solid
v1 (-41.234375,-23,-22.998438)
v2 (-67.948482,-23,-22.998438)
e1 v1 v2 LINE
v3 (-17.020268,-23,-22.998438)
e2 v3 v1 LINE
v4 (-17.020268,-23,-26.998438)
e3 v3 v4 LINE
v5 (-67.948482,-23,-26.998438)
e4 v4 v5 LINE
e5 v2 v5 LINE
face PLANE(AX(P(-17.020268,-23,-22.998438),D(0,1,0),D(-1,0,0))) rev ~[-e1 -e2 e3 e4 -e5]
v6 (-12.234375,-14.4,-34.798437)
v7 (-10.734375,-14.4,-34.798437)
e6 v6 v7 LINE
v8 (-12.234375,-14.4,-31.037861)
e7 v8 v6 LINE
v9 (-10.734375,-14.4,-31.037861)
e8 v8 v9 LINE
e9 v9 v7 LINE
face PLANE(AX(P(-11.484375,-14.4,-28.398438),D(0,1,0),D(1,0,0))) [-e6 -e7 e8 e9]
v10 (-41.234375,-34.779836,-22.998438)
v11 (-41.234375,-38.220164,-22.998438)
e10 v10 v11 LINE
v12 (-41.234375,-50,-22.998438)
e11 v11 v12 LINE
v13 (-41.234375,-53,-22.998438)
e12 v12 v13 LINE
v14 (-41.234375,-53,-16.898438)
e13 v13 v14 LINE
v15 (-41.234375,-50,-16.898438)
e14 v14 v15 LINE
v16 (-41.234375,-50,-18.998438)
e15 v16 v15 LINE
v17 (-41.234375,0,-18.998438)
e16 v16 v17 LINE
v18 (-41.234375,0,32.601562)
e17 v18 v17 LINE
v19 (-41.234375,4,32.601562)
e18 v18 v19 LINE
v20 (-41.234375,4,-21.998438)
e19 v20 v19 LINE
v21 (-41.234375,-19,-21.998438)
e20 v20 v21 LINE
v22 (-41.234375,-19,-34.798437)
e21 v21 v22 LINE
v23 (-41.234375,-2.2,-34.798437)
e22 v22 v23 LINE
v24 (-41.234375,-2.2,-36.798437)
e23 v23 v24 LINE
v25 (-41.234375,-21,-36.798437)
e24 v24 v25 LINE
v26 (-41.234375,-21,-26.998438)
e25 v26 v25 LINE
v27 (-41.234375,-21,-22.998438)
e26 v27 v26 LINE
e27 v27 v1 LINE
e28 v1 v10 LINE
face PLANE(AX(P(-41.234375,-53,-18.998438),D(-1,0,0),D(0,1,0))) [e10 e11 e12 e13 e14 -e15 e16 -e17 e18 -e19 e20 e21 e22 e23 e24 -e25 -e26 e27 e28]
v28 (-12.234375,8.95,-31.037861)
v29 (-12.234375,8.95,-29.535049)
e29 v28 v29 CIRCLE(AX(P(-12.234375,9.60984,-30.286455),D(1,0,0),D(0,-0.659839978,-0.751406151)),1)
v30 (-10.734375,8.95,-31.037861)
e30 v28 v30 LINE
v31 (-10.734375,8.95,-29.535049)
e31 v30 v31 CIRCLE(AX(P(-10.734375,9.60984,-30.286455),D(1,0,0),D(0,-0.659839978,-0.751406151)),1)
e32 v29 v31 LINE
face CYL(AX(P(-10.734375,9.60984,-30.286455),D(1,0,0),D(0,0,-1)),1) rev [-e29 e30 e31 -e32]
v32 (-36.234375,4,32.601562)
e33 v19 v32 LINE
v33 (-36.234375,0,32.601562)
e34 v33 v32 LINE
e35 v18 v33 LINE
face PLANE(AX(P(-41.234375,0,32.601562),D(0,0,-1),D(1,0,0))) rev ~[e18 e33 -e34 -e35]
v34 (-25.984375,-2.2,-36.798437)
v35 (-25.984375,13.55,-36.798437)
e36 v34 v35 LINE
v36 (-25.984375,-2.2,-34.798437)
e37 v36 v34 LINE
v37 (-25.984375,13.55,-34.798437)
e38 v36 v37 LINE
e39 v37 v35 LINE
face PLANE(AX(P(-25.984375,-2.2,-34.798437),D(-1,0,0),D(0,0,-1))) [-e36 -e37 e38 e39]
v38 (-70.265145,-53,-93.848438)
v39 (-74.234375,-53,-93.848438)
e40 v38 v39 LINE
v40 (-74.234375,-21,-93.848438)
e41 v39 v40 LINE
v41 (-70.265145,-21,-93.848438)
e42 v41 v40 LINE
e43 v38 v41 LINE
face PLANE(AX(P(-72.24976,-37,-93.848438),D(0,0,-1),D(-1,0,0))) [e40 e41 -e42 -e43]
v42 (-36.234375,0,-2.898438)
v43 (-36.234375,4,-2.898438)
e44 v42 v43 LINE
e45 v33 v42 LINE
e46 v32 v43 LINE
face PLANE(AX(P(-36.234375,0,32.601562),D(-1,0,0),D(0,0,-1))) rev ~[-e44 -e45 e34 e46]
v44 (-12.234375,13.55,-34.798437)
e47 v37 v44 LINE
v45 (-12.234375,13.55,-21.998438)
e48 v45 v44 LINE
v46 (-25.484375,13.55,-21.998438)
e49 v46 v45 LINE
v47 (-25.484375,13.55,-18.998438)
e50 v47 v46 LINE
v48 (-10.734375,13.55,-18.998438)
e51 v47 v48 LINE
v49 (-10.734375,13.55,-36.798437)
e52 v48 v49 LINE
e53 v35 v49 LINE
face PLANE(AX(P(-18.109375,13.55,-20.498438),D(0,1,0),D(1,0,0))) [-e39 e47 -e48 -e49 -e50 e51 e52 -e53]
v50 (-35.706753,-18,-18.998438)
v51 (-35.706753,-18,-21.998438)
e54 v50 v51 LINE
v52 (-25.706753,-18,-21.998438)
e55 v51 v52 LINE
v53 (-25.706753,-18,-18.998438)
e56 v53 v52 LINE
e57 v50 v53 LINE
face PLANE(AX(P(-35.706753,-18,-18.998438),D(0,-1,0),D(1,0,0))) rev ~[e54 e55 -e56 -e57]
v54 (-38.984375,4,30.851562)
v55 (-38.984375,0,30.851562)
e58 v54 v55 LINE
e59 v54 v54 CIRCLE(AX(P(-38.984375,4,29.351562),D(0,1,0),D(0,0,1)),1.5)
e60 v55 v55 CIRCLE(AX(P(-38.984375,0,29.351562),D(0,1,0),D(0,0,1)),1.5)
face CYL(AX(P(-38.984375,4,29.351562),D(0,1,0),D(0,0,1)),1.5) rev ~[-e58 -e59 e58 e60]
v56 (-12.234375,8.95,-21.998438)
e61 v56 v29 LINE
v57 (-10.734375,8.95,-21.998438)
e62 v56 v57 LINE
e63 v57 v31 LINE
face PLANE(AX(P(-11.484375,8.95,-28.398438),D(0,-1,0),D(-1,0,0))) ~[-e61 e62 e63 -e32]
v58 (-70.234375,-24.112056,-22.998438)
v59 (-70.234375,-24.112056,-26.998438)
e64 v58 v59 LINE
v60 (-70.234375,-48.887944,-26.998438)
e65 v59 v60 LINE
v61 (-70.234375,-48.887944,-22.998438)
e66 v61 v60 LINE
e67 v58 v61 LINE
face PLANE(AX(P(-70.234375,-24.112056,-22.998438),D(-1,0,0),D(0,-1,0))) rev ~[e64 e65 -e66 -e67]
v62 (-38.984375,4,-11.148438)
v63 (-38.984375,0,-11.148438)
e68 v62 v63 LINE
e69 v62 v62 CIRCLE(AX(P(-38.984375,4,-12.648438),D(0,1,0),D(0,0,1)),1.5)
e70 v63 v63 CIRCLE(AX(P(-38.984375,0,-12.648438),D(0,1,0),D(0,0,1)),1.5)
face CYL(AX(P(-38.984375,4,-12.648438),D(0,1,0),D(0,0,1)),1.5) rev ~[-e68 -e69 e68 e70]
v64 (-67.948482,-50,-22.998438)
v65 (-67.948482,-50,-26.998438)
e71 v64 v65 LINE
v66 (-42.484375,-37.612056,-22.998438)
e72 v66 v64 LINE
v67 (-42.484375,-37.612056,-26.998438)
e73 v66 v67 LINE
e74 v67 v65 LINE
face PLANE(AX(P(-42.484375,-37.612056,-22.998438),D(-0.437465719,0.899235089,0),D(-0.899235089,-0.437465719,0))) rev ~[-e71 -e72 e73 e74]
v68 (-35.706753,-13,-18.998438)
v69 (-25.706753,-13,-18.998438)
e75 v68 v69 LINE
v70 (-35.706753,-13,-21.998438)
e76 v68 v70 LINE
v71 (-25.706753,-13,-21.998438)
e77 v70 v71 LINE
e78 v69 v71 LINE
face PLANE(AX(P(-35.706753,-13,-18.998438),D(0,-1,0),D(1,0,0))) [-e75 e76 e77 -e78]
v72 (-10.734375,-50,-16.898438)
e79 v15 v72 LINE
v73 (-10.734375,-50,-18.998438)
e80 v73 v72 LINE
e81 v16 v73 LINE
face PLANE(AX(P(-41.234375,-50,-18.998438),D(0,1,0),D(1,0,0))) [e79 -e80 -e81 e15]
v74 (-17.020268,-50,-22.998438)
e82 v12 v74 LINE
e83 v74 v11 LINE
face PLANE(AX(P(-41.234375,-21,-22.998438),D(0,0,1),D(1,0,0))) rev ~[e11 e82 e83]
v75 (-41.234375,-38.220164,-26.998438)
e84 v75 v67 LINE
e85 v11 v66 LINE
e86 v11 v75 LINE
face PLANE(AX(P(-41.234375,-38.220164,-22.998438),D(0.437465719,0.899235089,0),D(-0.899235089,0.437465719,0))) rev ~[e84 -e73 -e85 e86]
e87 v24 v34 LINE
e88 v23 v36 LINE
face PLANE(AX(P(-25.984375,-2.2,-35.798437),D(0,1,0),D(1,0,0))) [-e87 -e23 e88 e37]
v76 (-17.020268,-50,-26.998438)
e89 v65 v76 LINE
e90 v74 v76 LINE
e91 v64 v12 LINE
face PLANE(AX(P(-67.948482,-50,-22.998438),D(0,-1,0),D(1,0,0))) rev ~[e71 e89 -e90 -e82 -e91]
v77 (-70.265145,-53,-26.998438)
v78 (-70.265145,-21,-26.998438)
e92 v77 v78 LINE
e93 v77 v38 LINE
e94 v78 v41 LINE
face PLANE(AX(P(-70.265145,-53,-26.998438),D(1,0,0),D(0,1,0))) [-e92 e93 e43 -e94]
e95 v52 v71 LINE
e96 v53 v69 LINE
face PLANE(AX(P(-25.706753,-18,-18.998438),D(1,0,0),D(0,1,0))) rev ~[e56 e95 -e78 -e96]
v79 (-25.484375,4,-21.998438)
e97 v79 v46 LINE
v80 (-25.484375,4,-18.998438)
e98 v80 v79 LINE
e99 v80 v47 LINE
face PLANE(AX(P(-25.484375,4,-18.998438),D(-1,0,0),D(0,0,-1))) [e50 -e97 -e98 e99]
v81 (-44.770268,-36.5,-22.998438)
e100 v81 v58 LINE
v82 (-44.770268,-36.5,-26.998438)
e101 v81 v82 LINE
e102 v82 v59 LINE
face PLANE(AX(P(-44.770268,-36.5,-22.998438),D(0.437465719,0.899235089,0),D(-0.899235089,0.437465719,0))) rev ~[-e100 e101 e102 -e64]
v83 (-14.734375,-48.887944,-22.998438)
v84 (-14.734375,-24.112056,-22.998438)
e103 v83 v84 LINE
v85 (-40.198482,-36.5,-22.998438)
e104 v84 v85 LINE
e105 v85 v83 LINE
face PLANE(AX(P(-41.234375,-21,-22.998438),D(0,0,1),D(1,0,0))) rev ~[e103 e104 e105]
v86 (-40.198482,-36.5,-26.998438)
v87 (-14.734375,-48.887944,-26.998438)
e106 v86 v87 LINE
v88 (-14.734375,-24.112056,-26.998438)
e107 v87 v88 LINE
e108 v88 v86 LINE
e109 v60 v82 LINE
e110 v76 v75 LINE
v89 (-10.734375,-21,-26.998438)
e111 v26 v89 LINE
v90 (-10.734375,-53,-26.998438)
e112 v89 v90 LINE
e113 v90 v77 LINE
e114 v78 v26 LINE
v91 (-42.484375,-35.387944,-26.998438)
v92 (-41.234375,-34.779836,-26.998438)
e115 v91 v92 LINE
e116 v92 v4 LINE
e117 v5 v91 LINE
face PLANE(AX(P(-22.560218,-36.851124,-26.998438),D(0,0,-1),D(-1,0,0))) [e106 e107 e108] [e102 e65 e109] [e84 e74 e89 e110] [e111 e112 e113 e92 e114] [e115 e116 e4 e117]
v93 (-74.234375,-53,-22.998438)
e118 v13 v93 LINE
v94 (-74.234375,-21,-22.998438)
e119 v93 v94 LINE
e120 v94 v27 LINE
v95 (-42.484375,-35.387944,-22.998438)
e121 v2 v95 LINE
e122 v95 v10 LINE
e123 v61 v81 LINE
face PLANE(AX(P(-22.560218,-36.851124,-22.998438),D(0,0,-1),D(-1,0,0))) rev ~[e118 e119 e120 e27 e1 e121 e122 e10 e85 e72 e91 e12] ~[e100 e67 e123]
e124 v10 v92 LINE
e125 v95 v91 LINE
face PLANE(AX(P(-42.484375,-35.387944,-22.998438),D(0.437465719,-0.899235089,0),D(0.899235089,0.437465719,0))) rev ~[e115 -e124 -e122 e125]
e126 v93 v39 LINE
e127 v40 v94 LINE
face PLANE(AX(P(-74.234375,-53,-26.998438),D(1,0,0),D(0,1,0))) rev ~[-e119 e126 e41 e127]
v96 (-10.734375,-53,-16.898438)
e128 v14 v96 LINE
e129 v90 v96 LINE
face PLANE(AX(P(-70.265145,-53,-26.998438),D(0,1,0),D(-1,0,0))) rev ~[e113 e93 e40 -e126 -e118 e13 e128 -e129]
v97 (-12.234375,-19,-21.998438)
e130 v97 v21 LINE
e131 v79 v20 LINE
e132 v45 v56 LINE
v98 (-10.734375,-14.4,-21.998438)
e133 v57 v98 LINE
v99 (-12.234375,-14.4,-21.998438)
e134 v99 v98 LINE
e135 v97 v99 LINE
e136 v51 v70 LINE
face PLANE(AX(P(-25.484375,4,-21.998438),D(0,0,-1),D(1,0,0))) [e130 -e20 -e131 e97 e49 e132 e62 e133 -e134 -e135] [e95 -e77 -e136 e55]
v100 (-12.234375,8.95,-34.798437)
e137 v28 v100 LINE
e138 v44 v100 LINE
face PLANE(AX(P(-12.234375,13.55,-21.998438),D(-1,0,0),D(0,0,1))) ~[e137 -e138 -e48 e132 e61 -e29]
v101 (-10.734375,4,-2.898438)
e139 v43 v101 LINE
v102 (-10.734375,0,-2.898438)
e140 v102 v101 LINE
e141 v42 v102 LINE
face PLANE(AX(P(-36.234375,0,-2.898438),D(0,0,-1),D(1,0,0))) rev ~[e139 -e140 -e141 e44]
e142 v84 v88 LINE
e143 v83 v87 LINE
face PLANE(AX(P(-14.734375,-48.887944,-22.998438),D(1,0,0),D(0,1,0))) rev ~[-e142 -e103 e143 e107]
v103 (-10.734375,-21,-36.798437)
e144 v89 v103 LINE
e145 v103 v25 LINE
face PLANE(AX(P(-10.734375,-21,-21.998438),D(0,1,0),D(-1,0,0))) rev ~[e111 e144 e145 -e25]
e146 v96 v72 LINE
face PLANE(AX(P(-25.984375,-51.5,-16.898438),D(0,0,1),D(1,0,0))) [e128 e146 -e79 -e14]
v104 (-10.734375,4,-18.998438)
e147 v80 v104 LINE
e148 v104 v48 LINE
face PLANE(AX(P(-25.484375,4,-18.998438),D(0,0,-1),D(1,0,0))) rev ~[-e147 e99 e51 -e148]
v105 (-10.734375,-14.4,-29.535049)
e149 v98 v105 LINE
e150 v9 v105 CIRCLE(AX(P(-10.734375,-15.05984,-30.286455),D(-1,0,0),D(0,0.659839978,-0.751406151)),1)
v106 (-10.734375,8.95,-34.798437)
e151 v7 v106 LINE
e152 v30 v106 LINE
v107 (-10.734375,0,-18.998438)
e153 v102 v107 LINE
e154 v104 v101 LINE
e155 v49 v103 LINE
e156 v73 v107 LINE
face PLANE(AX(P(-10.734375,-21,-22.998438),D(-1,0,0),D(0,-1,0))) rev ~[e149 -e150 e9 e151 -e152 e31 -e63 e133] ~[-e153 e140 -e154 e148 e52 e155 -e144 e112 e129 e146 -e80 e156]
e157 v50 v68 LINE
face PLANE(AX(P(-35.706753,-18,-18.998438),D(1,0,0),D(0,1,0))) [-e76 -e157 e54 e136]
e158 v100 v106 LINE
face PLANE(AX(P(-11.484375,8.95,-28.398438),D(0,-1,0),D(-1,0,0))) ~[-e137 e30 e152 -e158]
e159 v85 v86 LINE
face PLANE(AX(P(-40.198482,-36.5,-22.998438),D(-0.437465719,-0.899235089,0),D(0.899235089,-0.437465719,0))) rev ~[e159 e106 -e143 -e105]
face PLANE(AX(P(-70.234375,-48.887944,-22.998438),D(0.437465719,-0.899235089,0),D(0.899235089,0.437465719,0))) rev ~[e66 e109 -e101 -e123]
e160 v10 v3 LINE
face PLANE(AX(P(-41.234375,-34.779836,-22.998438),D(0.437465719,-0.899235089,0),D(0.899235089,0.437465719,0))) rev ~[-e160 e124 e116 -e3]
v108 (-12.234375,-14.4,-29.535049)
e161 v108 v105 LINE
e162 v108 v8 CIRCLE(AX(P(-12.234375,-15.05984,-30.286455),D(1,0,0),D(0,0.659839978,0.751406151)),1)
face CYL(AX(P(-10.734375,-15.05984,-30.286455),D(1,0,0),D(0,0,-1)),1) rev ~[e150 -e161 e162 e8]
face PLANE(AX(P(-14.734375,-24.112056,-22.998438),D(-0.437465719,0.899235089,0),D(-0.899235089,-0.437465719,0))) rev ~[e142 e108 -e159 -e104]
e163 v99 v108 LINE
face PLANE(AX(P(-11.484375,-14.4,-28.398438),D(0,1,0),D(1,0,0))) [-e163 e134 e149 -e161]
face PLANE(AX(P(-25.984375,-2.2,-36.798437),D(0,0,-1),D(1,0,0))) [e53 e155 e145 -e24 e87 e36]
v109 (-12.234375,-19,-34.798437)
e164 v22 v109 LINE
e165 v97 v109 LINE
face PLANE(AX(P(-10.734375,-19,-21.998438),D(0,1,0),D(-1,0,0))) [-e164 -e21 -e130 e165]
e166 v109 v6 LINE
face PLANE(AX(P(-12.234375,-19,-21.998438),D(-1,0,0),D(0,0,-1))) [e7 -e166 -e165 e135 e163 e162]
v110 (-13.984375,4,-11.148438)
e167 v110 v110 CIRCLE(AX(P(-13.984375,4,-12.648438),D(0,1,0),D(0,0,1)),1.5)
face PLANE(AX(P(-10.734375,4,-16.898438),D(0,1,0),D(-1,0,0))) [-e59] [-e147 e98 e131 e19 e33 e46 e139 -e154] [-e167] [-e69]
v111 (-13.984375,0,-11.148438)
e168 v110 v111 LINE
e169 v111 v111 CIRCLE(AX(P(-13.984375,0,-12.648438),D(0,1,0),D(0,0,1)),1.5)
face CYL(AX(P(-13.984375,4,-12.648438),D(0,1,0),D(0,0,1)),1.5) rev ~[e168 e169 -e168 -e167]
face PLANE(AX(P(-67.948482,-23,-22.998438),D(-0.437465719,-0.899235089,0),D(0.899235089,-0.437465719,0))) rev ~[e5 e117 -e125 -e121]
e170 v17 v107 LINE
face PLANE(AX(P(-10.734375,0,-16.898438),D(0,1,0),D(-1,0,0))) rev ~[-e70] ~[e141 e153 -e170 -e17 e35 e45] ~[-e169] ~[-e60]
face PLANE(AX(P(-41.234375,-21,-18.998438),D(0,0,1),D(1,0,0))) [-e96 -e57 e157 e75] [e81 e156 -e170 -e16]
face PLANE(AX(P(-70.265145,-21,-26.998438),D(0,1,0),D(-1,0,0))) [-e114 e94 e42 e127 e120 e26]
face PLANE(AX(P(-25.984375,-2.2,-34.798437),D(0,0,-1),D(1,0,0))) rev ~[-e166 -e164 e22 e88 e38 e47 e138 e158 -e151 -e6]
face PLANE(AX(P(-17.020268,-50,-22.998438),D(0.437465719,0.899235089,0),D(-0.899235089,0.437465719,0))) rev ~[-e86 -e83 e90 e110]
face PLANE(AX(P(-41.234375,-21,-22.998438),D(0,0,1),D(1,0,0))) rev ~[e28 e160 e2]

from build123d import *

# Parameters (mm, degrees)
SKETCH1_W            = 25.5
SKETCH1_H            = 14
BOSS_EXTRUDE1_DEPTH  = 4
SKETCH2_R            = 1.5
CUT_EXTRUDE1_DEPTH   = 53.71750714
SKETCH3_W            = 30.5
SKETCH3_H            = 4
BOSS_EXTRUDE2_DEPTH  = 5.1
SKETCH4_W            = 30.5
SKETCH4_H            = 3
BOSS_EXTRUDE3_DEPTH  = 21
SKETCH5_W            = 30.5
SKETCH5_H            = 2
BOSS_EXTRUDE8_DEPTH  = 14.8
SKETCH10_W           = 30.5
SKETCH10_H           = 2
BOSS_EXTRUDE9_DEPTH  = 16.8
SKETCH11_W           = 1.5
SKETCH11_H           = 12.8
BOSS_EXTRUDE10_DEPTH = 4.6
SKETCH13_W           = 15.25
SKETCH13_H           = 2
BOSS_EXTRUDE11_DEPTH = 15.75
SKETCH14_W           = 10
SKETCH14_H           = 5
CUT_EXTRUDE5_DEPTH   = 3
SKETCH16_R           = 1
CUT_EXTRUDE6_DEPTH   = 10
SKETCH15_W           = 14.75
SKETCH15_H           = 3
BOSS_EXTRUDE12_DEPTH = 9.55
SKETCH18_W           = 30.5
SKETCH18_H           = 4
BOSS_EXTRUDE13_DEPTH = 32
SKETCH19_W           = 30.5
SKETCH19_H           = 3
BOSS_EXTRUDE14_DEPTH = 2.1
BOSS_EXTRUDE17_DEPTH = 4
SKETCH24_W           = 3.969230492
SKETCH24_H           = 32
BOSS_EXTRUDE18_DEPTH = 66.85


with BuildPart() as part:
    # Sketch1 → Boss-Extrude1 (new body)
    with BuildSketch(Plane(origin=(0, 0, 0), x_dir=(1, 0, 0), z_dir=(0, 1, 0))):
        Polygon((-36.234375, 16.8984375), (-41.234375, 16.8984375), (-41.234375, -32.6015625), (-36.234375, -32.6015625), (-36.234375, 2.8984375), align=None)
        with Locations((-23.484375, 9.8984375)):
            Rectangle(SKETCH1_W, SKETCH1_H)
    extrude(amount=BOSS_EXTRUDE1_DEPTH)

    # Sketch2 → Cut-Extrude1 (cut, through all)
    with BuildSketch(Plane(origin=(0, 4, 0), x_dir=(1, 0, 0), z_dir=(0, 1, 0))):
        with Locations(Location((-38.984375, -29.3515625, 0), (0, 0, 270))):
            Circle(SKETCH2_R)
        with Locations(Location((-38.984375, 12.6484375, 0), (0, 0, 270))):
            Circle(SKETCH2_R)
        with Locations(Location((-13.984375, 12.6484375, 0), (0, 0, 270))):
            Circle(SKETCH2_R)
    extrude(amount=-CUT_EXTRUDE1_DEPTH, mode=Mode.SUBTRACT)

    # Sketch3 → Boss-Extrude2 (add)
    with BuildSketch(Plane(origin=(0, 0, -16.8984375), x_dir=(-1, 0, 0), z_dir=(0, 0, -1))):
        with Locations((25.984375, 2)):
            Rectangle(SKETCH3_W, SKETCH3_H)
    extrude(amount=BOSS_EXTRUDE2_DEPTH)

    # Sketch4 → Boss-Extrude3 (add)
    with BuildSketch(Plane.XZ):
        with Locations((-25.984375, -20.4984375)):
            Rectangle(SKETCH4_W, SKETCH4_H)
    extrude(amount=BOSS_EXTRUDE3_DEPTH)

    # Sketch5 → Boss-Extrude8 (add)
    with BuildSketch(Plane(origin=(0, 0, -21.9984375), x_dir=(-1, 0, 0), z_dir=(0, 0, -1))):
        with Locations((25.984375, -20)):
            Rectangle(SKETCH5_W, SKETCH5_H)
    extrude(amount=BOSS_EXTRUDE8_DEPTH)

    # Sketch10 → Boss-Extrude9 (add)
    with BuildSketch(Plane(origin=(0, -19, 0), x_dir=(1, 0, 0), z_dir=(0, 1, 0))):
        with Locations((-25.984375, 35.7984375)):
            Rectangle(SKETCH10_W, SKETCH10_H)
    extrude(amount=BOSS_EXTRUDE9_DEPTH)

    # Sketch11 → Boss-Extrude10 (add)
    with BuildSketch(Plane(origin=(0, -19, 0), x_dir=(1, 0, 0), z_dir=(0, 1, 0))):
        with Locations((-11.484375, 28.3984375)):
            Rectangle(SKETCH11_W, SKETCH11_H)
    boss_extrude10 = extrude(amount=BOSS_EXTRUDE10_DEPTH)

    # Sketch13 → Boss-Extrude11 (add)
    with BuildSketch(Plane(origin=(0, -2.2, 0), x_dir=(1, 0, 0), z_dir=(0, 1, 0))):
        with Locations((-18.359375, 35.7984375)):
            Rectangle(SKETCH13_W, SKETCH13_H)
    extrude(amount=BOSS_EXTRUDE11_DEPTH)

    # Sketch14 → Cut-Extrude5 (cut)
    with BuildSketch(Plane.XY.offset(-18.9984375)):
        with Locations((-30.706752917, -15.5)):
            Rectangle(SKETCH14_W, SKETCH14_H)
    extrude(amount=-CUT_EXTRUDE5_DEPTH, mode=Mode.SUBTRACT)

    # Sketch16 → Cut-Extrude6 (cut)
    with BuildSketch(Plane(origin=(-10.734375, 0, 0), x_dir=(0, 0, -1), z_dir=(1, 0, 0))):
        with Locations((30.286455297, -15.059839978)):
            Circle(SKETCH16_R)
    cut_extrude6 = extrude(amount=-CUT_EXTRUDE6_DEPTH, mode=Mode.SUBTRACT)

    # Mirror1: Boss-Extrude10, Cut-Extrude6 across plane
    add(boss_extrude10.mirror(Plane(origin=(0, -2.725, 0), x_dir=(0, 0, 1), z_dir=(0, -1, 0))))
    add(cut_extrude6.mirror(Plane(origin=(0, -2.725, 0), x_dir=(0, 0, 1), z_dir=(0, -1, 0))), mode=Mode.SUBTRACT)

    # Sketch15 → Boss-Extrude12 (add)
    with BuildSketch(Plane(origin=(0, 4, 0), x_dir=(1, 0, 0), z_dir=(0, 1, 0))):
        with Locations((-18.109375, 20.4984375)):
            Rectangle(SKETCH15_W, SKETCH15_H)
    extrude(amount=BOSS_EXTRUDE12_DEPTH)

    # Sketch18 → Boss-Extrude13 (add)
    with BuildSketch(Plane.XZ.offset(21)):
        with Locations((-25.984375, -20.9984375)):
            Rectangle(SKETCH18_W, SKETCH18_H)
    extrude(amount=BOSS_EXTRUDE13_DEPTH)

    # Sketch19 → Boss-Extrude14 (add)
    with BuildSketch(Plane.XY.offset(-18.9984375)):
        with Locations((-25.984375, -51.5)):
            Rectangle(SKETCH19_W, SKETCH19_H)
    extrude(amount=BOSS_EXTRUDE14_DEPTH)

    # Sketch20 → Boss-Extrude17 (add)
    with BuildSketch(Plane(origin=(0, 0, -22.9984375), x_dir=(-1, 0, 0), z_dir=(0, 0, -1))):
        Polygon((14.734375, -24.112056249), (14.734375, -23), (17.020268401, -23), (41.234375, -23), (41.234375, -21), (10.734375, -21), (10.734375, -53), (41.234375, -53), (41.234375, -50), (17.020268401, -50), (14.734375, -50), (14.734375, -48.887943751), align=None)
        Polygon((41.234375, -21), (41.234375, -23), (67.948481599, -23), (70.234375, -23), (70.234375, -24.112056249), (70.234375, -48.887943751), (70.234375, -50), (67.948481599, -50), (41.234375, -50), (41.234375, -53), (74.234375, -53), (74.234375, -21), align=None)
        Polygon((17.020268401, -23), (14.734375, -23), (14.734375, -24.112056249), (40.198481599, -36.5), (14.734375, -48.887943751), (14.734375, -50), (17.020268401, -50), (41.234375, -38.220164357), (41.234375, -34.779835643), align=None)
        Polygon((42.484375, -35.387943751), (41.234375, -34.779835643), (41.234375, -38.220164357), (42.484375, -37.612056249), (67.948481599, -50), (70.234375, -50), (70.234375, -48.887943751), (44.770268401, -36.5), (70.234375, -24.112056249), (70.234375, -23), (67.948481599, -23), align=None)
    extrude(amount=BOSS_EXTRUDE17_DEPTH)

    # Sketch24 → Boss-Extrude18 (add)
    with BuildSketch(Plane(origin=(0, 0, -26.9984375), x_dir=(-1, 0, 0), z_dir=(0, 0, -1))):
        with Locations((72.249759754, -37)):
            Rectangle(SKETCH24_W, SKETCH24_H)
    extrude(amount=BOSS_EXTRUDE18_DEPTH)


solid = part.part
